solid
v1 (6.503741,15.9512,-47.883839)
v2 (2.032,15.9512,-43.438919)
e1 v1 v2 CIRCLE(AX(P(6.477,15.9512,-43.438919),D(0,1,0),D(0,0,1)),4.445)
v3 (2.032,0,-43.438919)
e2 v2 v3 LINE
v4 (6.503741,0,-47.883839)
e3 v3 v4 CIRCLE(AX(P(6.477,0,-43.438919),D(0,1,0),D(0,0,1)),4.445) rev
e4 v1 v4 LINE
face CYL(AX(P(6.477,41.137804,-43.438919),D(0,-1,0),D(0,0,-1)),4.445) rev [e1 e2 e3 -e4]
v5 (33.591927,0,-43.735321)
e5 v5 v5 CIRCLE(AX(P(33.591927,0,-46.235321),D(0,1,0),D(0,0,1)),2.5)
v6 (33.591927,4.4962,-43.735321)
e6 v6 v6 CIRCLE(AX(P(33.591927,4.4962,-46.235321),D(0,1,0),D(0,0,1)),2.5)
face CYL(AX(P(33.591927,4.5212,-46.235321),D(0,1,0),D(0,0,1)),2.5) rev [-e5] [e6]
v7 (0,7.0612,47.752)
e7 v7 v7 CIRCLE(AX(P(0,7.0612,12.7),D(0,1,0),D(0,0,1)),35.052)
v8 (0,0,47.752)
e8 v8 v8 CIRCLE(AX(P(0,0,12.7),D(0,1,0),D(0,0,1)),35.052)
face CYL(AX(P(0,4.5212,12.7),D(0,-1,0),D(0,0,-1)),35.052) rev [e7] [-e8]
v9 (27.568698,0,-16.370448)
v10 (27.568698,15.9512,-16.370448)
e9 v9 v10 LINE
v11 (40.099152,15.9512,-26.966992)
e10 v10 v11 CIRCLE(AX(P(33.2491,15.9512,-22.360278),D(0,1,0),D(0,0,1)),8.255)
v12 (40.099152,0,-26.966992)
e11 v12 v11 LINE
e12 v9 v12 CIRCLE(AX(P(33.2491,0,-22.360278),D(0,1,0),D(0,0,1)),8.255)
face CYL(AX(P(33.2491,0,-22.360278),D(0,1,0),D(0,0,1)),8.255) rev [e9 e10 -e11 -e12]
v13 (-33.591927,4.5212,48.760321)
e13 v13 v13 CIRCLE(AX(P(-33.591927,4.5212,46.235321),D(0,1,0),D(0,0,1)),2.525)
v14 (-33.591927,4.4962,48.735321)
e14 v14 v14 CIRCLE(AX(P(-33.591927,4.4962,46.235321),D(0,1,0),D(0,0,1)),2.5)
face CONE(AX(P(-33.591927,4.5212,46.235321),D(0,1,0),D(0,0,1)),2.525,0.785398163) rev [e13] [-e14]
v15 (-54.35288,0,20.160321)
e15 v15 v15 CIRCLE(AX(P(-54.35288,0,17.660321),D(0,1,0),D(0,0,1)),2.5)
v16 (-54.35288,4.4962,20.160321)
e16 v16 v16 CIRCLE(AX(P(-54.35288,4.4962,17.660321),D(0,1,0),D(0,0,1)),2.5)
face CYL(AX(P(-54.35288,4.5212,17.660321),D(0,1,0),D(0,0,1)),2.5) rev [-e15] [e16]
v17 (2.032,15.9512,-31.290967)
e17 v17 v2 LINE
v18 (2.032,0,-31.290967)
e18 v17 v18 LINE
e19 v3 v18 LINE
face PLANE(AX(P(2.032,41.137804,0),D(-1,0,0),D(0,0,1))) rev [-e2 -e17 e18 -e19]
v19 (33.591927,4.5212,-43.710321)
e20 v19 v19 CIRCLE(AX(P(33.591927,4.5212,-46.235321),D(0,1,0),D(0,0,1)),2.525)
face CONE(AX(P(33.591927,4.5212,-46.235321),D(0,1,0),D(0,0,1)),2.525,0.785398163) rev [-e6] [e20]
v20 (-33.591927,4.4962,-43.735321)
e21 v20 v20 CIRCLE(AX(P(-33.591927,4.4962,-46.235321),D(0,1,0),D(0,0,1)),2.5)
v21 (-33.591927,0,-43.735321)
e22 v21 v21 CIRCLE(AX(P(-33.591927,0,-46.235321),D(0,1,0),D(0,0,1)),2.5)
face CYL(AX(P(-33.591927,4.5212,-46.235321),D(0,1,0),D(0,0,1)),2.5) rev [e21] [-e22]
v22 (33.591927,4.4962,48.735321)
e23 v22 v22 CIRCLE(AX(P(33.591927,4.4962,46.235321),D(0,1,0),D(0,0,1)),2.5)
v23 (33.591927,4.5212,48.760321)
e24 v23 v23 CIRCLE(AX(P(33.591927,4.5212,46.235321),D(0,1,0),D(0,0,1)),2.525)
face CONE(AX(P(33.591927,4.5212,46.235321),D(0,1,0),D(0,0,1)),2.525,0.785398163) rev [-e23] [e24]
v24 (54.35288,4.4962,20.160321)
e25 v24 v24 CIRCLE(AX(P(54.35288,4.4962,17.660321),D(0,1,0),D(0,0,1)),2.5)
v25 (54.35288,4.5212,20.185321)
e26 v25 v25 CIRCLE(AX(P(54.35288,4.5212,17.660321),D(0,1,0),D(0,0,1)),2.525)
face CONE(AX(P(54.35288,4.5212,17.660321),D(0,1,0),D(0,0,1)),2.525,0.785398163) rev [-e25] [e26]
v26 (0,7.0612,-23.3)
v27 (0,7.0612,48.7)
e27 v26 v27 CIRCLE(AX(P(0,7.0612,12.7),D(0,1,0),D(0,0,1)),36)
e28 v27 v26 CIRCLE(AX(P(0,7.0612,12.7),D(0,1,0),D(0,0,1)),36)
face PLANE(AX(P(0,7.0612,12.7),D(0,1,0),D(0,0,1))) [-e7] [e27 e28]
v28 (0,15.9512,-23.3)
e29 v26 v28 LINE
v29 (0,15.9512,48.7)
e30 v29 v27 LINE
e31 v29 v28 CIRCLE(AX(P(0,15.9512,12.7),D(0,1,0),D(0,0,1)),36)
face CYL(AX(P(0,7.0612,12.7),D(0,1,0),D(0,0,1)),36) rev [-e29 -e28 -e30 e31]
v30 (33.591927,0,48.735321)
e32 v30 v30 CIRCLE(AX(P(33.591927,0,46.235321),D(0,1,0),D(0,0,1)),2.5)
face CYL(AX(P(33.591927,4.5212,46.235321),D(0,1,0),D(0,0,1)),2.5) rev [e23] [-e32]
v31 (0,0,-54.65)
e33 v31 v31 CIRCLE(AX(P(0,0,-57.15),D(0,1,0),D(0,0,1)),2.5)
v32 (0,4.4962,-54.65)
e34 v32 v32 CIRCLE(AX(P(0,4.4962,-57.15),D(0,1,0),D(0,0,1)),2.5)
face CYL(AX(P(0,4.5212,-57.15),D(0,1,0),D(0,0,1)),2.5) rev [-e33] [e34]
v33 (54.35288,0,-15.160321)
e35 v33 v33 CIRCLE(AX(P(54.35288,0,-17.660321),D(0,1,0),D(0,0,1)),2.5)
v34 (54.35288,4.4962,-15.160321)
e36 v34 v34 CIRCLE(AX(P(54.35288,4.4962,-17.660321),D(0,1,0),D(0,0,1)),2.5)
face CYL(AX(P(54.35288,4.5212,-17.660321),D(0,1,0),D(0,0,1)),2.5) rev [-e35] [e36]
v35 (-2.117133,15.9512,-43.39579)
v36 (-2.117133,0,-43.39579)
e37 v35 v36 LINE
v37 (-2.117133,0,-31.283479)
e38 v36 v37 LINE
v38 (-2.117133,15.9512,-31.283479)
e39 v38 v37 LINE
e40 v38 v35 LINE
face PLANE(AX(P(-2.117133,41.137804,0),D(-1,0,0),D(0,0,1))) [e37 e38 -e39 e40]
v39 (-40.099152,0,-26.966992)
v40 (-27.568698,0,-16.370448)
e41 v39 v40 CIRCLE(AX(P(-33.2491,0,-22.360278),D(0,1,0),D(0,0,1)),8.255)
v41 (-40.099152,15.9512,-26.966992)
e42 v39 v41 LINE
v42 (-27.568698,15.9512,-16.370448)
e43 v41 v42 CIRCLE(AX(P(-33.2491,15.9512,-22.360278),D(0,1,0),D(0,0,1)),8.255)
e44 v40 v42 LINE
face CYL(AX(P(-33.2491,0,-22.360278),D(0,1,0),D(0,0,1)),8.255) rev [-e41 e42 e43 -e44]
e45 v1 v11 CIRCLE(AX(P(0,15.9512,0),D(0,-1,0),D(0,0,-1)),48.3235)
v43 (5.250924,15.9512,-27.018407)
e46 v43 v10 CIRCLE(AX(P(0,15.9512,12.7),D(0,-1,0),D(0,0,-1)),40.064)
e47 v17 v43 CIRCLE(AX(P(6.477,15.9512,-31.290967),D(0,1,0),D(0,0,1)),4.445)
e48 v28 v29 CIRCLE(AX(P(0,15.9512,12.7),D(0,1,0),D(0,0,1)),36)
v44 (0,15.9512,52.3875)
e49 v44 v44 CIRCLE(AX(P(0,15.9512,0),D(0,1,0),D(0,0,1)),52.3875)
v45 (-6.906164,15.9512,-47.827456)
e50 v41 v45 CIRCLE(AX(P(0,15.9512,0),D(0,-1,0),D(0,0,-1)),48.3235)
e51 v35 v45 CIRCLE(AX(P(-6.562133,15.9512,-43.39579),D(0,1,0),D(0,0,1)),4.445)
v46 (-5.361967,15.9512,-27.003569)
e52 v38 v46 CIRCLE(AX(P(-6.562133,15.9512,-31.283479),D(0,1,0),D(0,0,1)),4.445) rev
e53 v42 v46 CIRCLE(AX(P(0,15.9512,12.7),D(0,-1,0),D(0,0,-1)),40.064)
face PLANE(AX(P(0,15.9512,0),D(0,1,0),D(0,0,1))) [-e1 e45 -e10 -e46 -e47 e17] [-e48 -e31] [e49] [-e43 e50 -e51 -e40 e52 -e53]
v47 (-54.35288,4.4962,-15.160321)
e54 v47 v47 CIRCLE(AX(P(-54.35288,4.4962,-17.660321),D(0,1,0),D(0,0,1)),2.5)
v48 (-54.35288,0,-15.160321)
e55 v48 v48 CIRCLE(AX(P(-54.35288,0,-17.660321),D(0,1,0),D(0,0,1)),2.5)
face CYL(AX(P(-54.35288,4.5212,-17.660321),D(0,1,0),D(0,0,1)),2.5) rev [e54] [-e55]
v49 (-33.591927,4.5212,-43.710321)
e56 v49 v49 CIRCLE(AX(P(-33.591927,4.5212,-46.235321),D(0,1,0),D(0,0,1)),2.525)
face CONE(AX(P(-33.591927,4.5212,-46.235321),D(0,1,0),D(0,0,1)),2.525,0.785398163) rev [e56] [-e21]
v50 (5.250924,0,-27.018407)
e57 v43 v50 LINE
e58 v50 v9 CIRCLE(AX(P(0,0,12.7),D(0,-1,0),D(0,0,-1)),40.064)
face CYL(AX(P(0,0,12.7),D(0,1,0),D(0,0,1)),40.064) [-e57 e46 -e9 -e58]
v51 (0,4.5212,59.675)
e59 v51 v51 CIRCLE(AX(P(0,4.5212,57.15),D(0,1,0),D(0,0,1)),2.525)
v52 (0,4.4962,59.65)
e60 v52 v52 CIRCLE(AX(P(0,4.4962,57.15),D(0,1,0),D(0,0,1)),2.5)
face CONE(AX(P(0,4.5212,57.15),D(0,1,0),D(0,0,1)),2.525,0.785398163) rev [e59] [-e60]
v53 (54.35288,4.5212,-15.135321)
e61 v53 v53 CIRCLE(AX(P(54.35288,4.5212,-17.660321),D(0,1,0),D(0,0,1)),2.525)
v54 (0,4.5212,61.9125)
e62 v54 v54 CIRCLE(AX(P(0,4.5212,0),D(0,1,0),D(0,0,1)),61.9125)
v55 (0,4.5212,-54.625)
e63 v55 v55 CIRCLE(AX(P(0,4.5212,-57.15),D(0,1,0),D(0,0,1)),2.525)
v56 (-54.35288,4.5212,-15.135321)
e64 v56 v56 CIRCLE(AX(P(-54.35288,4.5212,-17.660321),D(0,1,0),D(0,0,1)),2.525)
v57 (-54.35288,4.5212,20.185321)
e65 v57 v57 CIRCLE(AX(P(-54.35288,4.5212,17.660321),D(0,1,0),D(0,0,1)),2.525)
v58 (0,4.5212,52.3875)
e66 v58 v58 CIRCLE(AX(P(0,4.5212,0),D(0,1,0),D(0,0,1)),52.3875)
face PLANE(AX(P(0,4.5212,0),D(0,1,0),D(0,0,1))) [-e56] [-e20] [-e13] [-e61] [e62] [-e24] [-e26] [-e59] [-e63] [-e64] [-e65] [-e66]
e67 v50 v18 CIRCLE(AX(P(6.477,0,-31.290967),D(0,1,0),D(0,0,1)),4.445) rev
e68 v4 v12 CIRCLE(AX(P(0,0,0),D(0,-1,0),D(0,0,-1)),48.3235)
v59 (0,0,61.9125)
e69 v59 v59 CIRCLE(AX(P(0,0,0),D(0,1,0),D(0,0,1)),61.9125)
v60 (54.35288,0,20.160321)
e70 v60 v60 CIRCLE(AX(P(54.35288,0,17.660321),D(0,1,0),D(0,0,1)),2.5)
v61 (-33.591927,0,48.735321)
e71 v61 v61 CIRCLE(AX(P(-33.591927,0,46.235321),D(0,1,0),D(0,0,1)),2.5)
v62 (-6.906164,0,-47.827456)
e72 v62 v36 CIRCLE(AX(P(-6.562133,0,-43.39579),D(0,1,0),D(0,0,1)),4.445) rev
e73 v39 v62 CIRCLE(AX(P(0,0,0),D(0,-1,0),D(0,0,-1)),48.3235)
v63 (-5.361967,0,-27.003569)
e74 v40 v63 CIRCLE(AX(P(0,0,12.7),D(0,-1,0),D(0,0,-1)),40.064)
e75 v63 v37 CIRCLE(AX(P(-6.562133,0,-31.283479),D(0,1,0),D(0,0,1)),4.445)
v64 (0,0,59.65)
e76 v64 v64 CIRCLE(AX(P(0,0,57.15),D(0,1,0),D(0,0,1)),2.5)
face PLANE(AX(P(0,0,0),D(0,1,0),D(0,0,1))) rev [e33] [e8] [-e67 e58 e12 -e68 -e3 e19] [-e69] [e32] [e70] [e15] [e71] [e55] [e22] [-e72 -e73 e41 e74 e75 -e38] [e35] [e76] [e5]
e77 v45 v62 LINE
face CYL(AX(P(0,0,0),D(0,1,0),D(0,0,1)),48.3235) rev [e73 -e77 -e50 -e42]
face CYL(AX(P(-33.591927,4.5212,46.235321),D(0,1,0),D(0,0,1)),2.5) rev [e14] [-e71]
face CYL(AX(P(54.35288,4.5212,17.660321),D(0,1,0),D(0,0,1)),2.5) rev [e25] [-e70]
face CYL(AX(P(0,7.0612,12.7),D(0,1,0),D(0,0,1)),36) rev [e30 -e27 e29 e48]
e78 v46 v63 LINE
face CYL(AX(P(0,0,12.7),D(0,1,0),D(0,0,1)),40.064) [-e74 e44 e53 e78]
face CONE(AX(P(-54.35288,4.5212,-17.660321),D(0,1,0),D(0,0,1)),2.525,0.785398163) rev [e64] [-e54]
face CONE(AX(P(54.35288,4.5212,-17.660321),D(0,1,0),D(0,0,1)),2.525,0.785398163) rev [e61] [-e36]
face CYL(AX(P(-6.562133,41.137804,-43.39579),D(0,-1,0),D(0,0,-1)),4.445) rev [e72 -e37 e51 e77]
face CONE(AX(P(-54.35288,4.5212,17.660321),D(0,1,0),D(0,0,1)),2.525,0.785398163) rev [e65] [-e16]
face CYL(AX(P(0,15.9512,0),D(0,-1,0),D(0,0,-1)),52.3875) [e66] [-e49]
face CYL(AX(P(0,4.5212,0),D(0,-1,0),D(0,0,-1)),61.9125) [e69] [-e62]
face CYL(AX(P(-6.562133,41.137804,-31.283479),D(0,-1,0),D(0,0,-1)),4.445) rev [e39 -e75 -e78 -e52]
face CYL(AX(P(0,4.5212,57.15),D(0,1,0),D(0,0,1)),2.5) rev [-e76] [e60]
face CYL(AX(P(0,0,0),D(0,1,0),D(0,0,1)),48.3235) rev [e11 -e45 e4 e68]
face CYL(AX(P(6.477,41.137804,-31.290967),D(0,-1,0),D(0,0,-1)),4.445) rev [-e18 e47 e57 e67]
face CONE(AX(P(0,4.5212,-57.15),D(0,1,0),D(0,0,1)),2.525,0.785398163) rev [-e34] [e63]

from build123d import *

# Parameters (mm, degrees)
SKETCH1_R                       = 61.9125
SKETCH1_R_2                     = 35.052
BOSS_EXTRUDE1_DEPTH             = 4.5212
SKETCH3_R                       = 52.3875
BOSS_EXTRUDE2_DEPTH             = 11.43
SKETCH4_R                       = 35.052
CUT_EXTRUDE1_DEPTH              = 89.998629731
SKETCH9_R                       = 36.000000009
CUT_EXTRUDE3_DEPTH              = 8.89
F_5_0MM_DOWEL_HOLE1_D           = 5
F_5_0MM_DOWEL_HOLE1_CSINK_D     = 5.05
F_5_0MM_DOWEL_HOLE1_CSINK_ANGLE = 90
CIRPATTERN1_COUNT               = 10
CUT_EXTRUDE5_DEPTH              = 89.998629731
BOSS_EXTRUDE3_REACH             = 89.92
BOSS_EXTRUDE3_DIRECTION_2_REACH = 89.92


with BuildPart() as part:
    # Sketch1 → Boss-Extrude1 (new body)
    with BuildSketch(Plane(origin=(0, 0, 0), x_dir=(1, 0, 0), z_dir=(0, 1, 0))):
        with Locations(Location((0, 0, 0), (0, 0, 270))):
            Circle(SKETCH1_R)
        with Locations(Location((0, -12.7, 0), (0, 0, 270))):
            Circle(SKETCH1_R_2, mode=Mode.SUBTRACT)
    extrude(amount=BOSS_EXTRUDE1_DEPTH)

    # Sketch3 → Boss-Extrude2 (add)
    with BuildSketch(Plane(origin=(0, 4.5212, 0), x_dir=(1, 0, 0), z_dir=(0, 1, 0))):
        with Locations(Location((0, 0, 0), (0, 0, 270))):
            Circle(SKETCH3_R)
    extrude(amount=BOSS_EXTRUDE2_DEPTH)

    # Sketch4 → Cut-Extrude1 (cut, through all)
    with BuildSketch(Plane.XZ):
        with Locations(Location((0, 12.7, 0), (0, 0, 270))):
            Circle(SKETCH4_R)
    extrude(amount=-CUT_EXTRUDE1_DEPTH, mode=Mode.SUBTRACT)

    # Sketch9 → Cut-Extrude3 (cut)
    with BuildSketch(Plane(origin=(0, 15.9512, 0), x_dir=(1, 0, 0), z_dir=(0, 1, 0))):
        with Locations(Location((0, -12.7, 0), (0, 0, 270))):
            Circle(SKETCH9_R)
    extrude(amount=-CUT_EXTRUDE3_DEPTH, mode=Mode.SUBTRACT)

    # Ø5.0mm Dowel Hole1 (through all)
    with Locations(Plane(origin=(0, 4.5212, 0), x_dir=(1, 0, 0), z_dir=(0, 1, 0))):
        with Locations((0, 57.15)):
            f_5_0mm_dowel_hole1 = CounterSinkHole(F_5_0MM_DOWEL_HOLE1_D / 2, F_5_0MM_DOWEL_HOLE1_CSINK_D / 2, counter_sink_angle=F_5_0MM_DOWEL_HOLE1_CSINK_ANGLE)

    # CirPattern1: Ø5.0mm Dowel Hole1 ×10 about axis
    cirpattern1_axis = Axis((0, 0, 0), (0, 1, 0))
    for i in range(1, CIRPATTERN1_COUNT):
        add(f_5_0mm_dowel_hole1.rotate(cirpattern1_axis, i * 360 / CIRPATTERN1_COUNT), mode=Mode.SUBTRACT)

    # Sketch10 → Cut-Extrude5 (cut, through all)
    with BuildSketch(Plane(origin=(0, 15.9512, 0), x_dir=(1, 0, 0), z_dir=(0, 1, 0))):
        with BuildLine():
            ThreePointArc((-27.568698422, 16.370448294), (0, 27.364000009), (27.568698422, 16.370448294))
            ThreePointArc((27.568698422, 16.370448294), (38.57955057, 16.056999754), (40.099152196, 26.966991775))
            ThreePointArc((40.099152196, 26.966991775), (0, 48.3235), (-40.099152196, 26.966991775))
            ThreePointArc((-40.099152196, 26.966991775), (-38.57955057, 16.056999754), (-27.568698422, 16.370448294))
        make_face()
    extrude(amount=-CUT_EXTRUDE5_DEPTH, mode=Mode.SUBTRACT)

    # Boss-Extrude3: up to this face of the body (flat: up to its plane)
    boss_extrude3_end = Plane(part.part.faces().sort_by_distance((0, 15.9512, -50.90575774))[0])
    # Sketch15 → Boss-Extrude3 (add, up to the picked face)
    with BuildSketch(Plane(origin=(0, 7.9756, 0), x_dir=(1, 0, 0), z_dir=(0, 1, 0)), mode=Mode.PRIVATE) as boss_extrude3_sk1:
        with BuildLine():
            ThreePointArc((2.032, 31.29096677), (2.926793499, 28.616259533), (5.250924096, 27.018407481))
            ThreePointArc((5.250924096, 27.018407481), (-0.056014781, 27.363960851), (-5.361966653, 27.003569239))
            ThreePointArc((-5.361966653, 27.003569239), (-3.020045747, 28.598028587), (-2.11713302, 31.283478782))
            Line((-2.11713302, 31.283478782), (-2.11713302, 43.39578959))
            ThreePointArc((-2.11713302, 43.39578959), (-3.543125847, 46.658245825), (-6.906163701, 47.827456081))
            ThreePointArc((-6.906163701, 47.827456081), (-0.203176512, 48.32307287), (6.503741299, 47.883838624))
            ThreePointArc((6.503741299, 47.883838624), (3.343379097, 46.591449005), (2.032, 43.438919063))
            Line((2.032, 43.438919063), (2.032, 31.29096677))
        make_face()
    boss_extrude3_tool1 = split(extrude(boss_extrude3_sk1.sketch, amount=BOSS_EXTRUDE3_REACH, mode=Mode.PRIVATE), bisect_by=boss_extrude3_end, keep=Keep.BOTH, mode=Mode.PRIVATE)
    add(boss_extrude3_tool1.solids().sort_by(Axis((-0.049426, 7.9756, -38.213586), (0, 1, 0)))[0])

    # Boss-Extrude3 direction 2: up to this face of the body (flat: up to its plane)
    boss_extrude3_direction_2_end = Plane(part.part.faces().sort_by_distance((0, 0, -60.161350056))[0])
    # Sketch15 → Boss-Extrude3 direction 2 (add, up to the picked face)
    with BuildSketch(Plane(origin=(0, 7.9756, 0), x_dir=(1, 0, 0), z_dir=(0, 1, 0)), mode=Mode.PRIVATE) as boss_extrude3_direction_2_sk1:
        with BuildLine():
            ThreePointArc((2.032, 31.29096677), (2.926793499, 28.616259533), (5.250924096, 27.018407481))
            ThreePointArc((5.250924096, 27.018407481), (-0.056014781, 27.363960851), (-5.361966653, 27.003569239))
            ThreePointArc((-5.361966653, 27.003569239), (-3.020045747, 28.598028587), (-2.11713302, 31.283478782))
            Line((-2.11713302, 31.283478782), (-2.11713302, 43.39578959))
            ThreePointArc((-2.11713302, 43.39578959), (-3.543125847, 46.658245825), (-6.906163701, 47.827456081))
            ThreePointArc((-6.906163701, 47.827456081), (-0.203176512, 48.32307287), (6.503741299, 47.883838624))
            ThreePointArc((6.503741299, 47.883838624), (3.343379097, 46.591449005), (2.032, 43.438919063))
            Line((2.032, 43.438919063), (2.032, 31.29096677))
        make_face()
    boss_extrude3_direction_2_tool1 = split(extrude(boss_extrude3_direction_2_sk1.sketch, amount=-BOSS_EXTRUDE3_DIRECTION_2_REACH, mode=Mode.PRIVATE), bisect_by=boss_extrude3_direction_2_end, keep=Keep.BOTH, mode=Mode.PRIVATE)
    add(boss_extrude3_direction_2_tool1.solids().sort_by(Axis((-0.049426, 7.9756, -38.213586), (0, -1, 0)))[0])


solid = part.part
